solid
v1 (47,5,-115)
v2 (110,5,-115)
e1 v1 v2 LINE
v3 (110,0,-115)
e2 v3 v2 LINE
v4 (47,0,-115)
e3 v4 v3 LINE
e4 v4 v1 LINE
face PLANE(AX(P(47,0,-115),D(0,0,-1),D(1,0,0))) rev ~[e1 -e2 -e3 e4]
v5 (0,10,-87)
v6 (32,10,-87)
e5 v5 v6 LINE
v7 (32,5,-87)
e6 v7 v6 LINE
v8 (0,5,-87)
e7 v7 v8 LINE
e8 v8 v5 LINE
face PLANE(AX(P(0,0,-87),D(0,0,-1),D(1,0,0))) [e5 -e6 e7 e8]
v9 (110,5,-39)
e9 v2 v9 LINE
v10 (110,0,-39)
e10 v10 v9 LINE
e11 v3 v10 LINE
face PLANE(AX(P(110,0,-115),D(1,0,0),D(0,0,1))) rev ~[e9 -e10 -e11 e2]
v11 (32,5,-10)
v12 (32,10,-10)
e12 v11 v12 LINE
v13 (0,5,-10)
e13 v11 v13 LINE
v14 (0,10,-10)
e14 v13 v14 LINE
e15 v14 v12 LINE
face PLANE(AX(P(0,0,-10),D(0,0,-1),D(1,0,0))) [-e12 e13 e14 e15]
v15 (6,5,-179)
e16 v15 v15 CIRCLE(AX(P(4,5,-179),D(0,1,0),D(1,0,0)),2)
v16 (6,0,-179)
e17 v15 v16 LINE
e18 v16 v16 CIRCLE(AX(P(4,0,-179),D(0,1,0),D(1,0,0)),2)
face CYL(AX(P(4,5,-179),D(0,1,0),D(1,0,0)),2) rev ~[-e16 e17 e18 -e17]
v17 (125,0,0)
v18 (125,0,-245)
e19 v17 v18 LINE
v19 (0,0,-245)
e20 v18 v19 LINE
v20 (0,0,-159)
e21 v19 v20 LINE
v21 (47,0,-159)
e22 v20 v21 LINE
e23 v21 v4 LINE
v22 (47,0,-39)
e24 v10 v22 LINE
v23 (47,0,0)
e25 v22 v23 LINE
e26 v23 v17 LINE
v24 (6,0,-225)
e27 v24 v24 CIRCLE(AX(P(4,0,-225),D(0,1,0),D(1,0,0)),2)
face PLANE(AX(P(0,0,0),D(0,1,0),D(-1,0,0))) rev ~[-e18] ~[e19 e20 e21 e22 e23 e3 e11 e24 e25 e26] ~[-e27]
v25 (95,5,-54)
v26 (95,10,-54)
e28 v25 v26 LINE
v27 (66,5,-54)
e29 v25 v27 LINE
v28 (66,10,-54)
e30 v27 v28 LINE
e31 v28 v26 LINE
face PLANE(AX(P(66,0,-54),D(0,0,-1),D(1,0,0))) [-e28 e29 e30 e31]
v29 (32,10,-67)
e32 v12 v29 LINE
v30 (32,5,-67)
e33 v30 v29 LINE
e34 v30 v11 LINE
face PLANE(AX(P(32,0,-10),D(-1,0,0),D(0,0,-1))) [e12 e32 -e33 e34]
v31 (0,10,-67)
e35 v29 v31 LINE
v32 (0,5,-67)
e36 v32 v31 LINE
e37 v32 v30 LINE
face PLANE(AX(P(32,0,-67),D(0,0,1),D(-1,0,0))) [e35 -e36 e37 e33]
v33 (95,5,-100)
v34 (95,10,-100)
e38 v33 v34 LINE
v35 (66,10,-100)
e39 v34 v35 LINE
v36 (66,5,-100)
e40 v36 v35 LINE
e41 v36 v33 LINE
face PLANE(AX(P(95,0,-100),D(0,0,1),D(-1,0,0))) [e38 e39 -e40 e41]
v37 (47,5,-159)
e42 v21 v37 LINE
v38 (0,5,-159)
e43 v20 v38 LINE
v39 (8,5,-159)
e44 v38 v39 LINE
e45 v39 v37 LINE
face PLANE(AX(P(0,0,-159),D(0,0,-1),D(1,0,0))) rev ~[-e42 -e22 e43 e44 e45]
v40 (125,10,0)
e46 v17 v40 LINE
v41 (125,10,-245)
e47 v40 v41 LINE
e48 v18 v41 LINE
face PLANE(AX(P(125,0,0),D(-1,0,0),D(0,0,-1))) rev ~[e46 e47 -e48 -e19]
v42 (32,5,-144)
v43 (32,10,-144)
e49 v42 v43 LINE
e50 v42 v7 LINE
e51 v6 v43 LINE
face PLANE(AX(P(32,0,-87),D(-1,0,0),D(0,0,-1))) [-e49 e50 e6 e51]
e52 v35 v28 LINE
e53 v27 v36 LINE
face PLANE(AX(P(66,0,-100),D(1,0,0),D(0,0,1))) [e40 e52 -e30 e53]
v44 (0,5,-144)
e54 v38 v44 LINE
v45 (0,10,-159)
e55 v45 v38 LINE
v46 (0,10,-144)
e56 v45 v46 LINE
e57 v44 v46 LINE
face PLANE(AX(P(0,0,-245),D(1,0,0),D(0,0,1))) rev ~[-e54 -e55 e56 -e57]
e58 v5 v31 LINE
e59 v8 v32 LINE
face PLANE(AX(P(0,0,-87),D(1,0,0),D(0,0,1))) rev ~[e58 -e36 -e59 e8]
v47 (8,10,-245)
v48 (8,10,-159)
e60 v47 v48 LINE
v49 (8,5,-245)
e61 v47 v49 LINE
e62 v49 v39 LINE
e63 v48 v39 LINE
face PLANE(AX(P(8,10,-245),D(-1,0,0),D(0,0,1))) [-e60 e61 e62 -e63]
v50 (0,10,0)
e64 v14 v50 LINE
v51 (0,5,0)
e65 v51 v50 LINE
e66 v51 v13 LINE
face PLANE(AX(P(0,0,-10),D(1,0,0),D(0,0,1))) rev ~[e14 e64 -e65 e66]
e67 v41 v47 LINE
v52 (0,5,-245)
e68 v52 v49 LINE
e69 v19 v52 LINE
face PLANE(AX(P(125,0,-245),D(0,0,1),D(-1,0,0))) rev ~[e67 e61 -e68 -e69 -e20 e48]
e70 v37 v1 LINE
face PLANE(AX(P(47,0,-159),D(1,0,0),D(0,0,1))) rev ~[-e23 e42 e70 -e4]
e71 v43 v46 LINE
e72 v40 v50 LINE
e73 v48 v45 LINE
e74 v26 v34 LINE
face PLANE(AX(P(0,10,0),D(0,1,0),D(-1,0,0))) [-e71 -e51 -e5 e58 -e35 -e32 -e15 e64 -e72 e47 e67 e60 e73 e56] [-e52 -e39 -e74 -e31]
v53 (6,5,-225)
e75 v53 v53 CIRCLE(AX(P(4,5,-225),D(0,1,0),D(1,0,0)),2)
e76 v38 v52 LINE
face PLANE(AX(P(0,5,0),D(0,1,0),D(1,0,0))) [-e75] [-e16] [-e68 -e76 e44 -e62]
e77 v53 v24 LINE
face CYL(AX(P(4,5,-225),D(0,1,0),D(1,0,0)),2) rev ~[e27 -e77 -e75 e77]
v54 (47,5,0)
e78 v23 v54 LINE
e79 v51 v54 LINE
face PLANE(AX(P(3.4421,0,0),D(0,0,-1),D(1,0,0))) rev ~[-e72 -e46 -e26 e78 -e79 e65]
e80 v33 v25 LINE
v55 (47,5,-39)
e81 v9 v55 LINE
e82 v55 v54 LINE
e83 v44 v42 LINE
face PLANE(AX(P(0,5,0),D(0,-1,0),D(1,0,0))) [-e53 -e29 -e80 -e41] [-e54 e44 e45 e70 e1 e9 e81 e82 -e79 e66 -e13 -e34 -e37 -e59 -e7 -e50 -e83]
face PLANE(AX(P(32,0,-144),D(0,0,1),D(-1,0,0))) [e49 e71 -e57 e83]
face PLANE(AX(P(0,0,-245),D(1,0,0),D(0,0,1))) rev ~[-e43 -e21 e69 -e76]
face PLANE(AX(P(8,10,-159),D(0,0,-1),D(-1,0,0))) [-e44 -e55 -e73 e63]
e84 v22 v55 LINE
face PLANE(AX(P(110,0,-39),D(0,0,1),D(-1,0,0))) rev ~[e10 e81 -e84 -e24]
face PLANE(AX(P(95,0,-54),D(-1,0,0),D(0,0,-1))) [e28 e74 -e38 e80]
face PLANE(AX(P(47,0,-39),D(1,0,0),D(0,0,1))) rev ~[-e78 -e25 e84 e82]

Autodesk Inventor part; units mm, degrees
ref_plane "YZ Plane" through (0, 0, 0) normal (1, 0, 0) x (0, 1, 0)
ref_plane "XZ Plane" through (0, 0, 0) normal (0, 1, 0) x (-1, 0, 0)
ref_plane "XY Plane" through (0, 0, 0) normal (0, 0, 1) x (1, 0, 0)
sketch "草图1" plane through (0, 0, 0) normal (0, 1, 0) x (-1, 0, 0)
  line L0 (-95, 54) -> (-66, 54)
  line L1 (-66, 54) -> (-66, 100)
  line L2 (-66, 100) -> (-95, 100)
  line L3 (-95, 100) -> (-95, 54)
  line L4 (-32, 144) -> (-32, 87)
  line L5 (-125, 0) -> (-125, 245)
  line L6 (-32, 87) -> (25, 87)
  line L7 (-125, 245) -> (-125, -245)
  line L8 (125, -245) -> (125, 245)
  line L9 (25, 144) -> (-32, 144)
  line L10 (-125, 245) -> (0, 245)
  line L11 (125, 245) -> (-125, 245)
  line L12 (25, 67) -> (-32, 67)
  line L13 (0, 0) -> (125, 0)
  line L14 (-32, 67) -> (-32, 10)
  line L15 (-32, 10) -> (25, 10)
  line L16 (3.5058, 0) -> (-3.4421, 0)
  line L17 (-66, -100) -> (-66, -54)
  line L18 (-95, -54) -> (-95, -100)
  line L19 (-95, -100) -> (-66, -100)
  line L20 (25, 87) -> (25, 144)
  line L21 (0, 245) -> (0, 0)
  line L22 (0, 245) -> (0, 0)
  line L23 (125, 0) -> (125, 245)
  line L24 (100, 15) -> (70, 15)
  line L25 (100, -15) -> (100, 15)
  line L26 (70, 15) -> (70, -15)
  line L27 (25, 10) -> (25, 67)
  line L28 (-125, -245) -> (125, -245)
  line L29 (-32, -87) -> (-32, -144)
  line L30 (-32, -10) -> (-32, -67)
  line L31 (25, -87) -> (-32, -87)
  line L32 (-32, -67) -> (25, -67)
  line L33 (25, -10) -> (-32, -10)
  line L34 (-32, -144) -> (25, -144)
  line L35 (-125, 0) -> (-125, -245)
  line L36 (25, -144) -> (25, -87)
  line L37 (25, -67) -> (25, -10)
  circle A0 centre (65, -182) radius 10
  line L38 (70, -15) -> (100, -15)
  line L39 (0, 0) -> (125, 0)
  line L40 (0, -245) -> (0, 0)
  line L41 (0, -245) -> (0, 0)
  line L42 (125, -245) -> (0, -245)
  line L43 (125, 0) -> (125, -245)
  line L44 (-125, -245) -> (0, -245)
  line L45 (0, 3) -> (0, -5)
  line L46 (-66, -54) -> (-95, -54)
  line L47 (0, 0) -> (-125, 0)
  line L48 (0, 0) -> (-125, 0)
  circle A1 centre (57.5, 194.9904) radius 1.5
  circle A2 centre (57.5, 169.0096) radius 1.5
  circle A3 centre (65, 182) radius 10
  circle A4 centre (65, 182) radius 15
  circle A5 centre (80, 182) radius 1.5
  line L49 (125, 245) -> (0, 245)
  circle A6 centre (65, -182) radius 15
  circle A7 centre (80, -182) radius 1.5
  circle A8 centre (57.5, -169.0096) radius 1.5
  circle A9 centre (57.5, -194.9904) radius 1.5
  point P0 (0, -10)
  point P1 (0, -144)
  point P2 (0, -87)
  point P3 (0, -67)
  dimension "d35" = 30
  dimension "d38" = 30
  dimension "d4" = 490
  dimension "d5" = 250
  dimension "d6" = 57
  dimension "d7" = 57
  dimension "d8" = 57
  dimension "d9" = 57
  dimension "d10" = 57
  dimension "d11" = 57
  dimension "d12" = 57
  dimension "d13" = 57
  dimension "d14" = 101
  dimension "d15" = 20
  dimension "d16" = 20
  dimension "d17" = 20
  dimension "d18" = 93
  dimension "d19" = 29
  dimension "d20" = 46
  dimension "d21" = 46
  dimension "d22" = 145
  dimension "d23" = 108
  dimension "d24" = 30
  dimension "d25" = 30
  dimension "d26" = 30
  dimension "d27" = 25
  dimension "d28" = 230
  dimension "d29" = 20
  dimension "d30" = 63
  dimension "d31" = 60
  dimension "d32" = 20
  dimension "d33" = 63
  dimension "d34" = 60
  dimension "d36" = 3
  dimension "d37" = 360
  dimension "d39" = 3
  dimension "d40" = 360
extrude "拉伸1" add sketch "草图1" along normal blind 10 contours L47 L16 L40 L33 L30 L32 L31 L29 L34 L28 L7
sketch "草图2" plane through (0, 0, 0) normal (0, -1, 0) x (1, 0, 0)
  line L0 (110, -39) -> (47, -39)
  line L1 (47, -39) -> (47, -115)
  line L2 (47, -115) -> (110, -115)
  line L3 (110, -115) -> (110, -39)
  line L4 (95, -100) -> (95, -54) projected
  line L5 (66, -100) -> (95, -100) projected
  line L6 (95, -54) -> (66, -54) projected
  line L7 (66, -54) -> (66, -100) projected
  line L8 (0, 0) -> (125, 0) projected
  line L9 (47, 0) -> (0, 0)
  line L10 (0, 0) -> (0, -159)
  line L11 (0, -159) -> (47, -159)
  line L12 (47, -159) -> (47, 0)
  line L13 (32, -67) -> (32, -10) projected
  line L14 (0, -144) -> (32, -144) projected
  dimension "d43" = 15
  dimension "d44" = 15
  dimension "d45" = 15
  dimension "d46" = 19
  dimension "d47" = 15
  dimension "d48" = 15
extrude "拉伸2" cut sketch "草图2" against normal blind 5
sketch "草图3" plane through (0, 10, 0) normal (0, 1, 0) x (1, 0, 0)
  line L0 (0, 245) -> (8, 245)
  line L1 (8, 144) -> (0, 144)
  line L2 (125, 245) -> (0, 245) projected
  line L3 (47, 159) -> (0, 159) projected
  line L4 (0, 245) -> (8, 245)
  line L5 (8, 245) -> (8, 159)
  line L6 (8, 159) -> (0, 159)
  line L7 (0, 159) -> (0, 245)
  point P0 (0, 0)
  point P1 (0, 159)
  dimension "d65" = 8
extrude "拉伸5" cut sketch "草图3" against normal blind 5
sketch "草图6" plane through (0, 5, 0) normal (0, 1, 0) x (1, 0, 0)
  circle A0 centre (4, 179) radius 2
  circle A1 centre (4, 225) radius 2
  line L0 (8, 245) -> (8, 159) projected
  line L1 (8, 159) -> (0, 159) projected
  line L2 (0, 245) -> (8, 245) projected
  point P0 (0, 0)
  dimension "d68" = 4
  dimension "d70" = 4
  dimension "d71" = 4
  dimension "d73" = 4
  dimension "d74" = 20
  dimension "d79" = 20
extrude "拉伸6" cut sketch "草图6" against normal blind 5
properties part number "top_4"
